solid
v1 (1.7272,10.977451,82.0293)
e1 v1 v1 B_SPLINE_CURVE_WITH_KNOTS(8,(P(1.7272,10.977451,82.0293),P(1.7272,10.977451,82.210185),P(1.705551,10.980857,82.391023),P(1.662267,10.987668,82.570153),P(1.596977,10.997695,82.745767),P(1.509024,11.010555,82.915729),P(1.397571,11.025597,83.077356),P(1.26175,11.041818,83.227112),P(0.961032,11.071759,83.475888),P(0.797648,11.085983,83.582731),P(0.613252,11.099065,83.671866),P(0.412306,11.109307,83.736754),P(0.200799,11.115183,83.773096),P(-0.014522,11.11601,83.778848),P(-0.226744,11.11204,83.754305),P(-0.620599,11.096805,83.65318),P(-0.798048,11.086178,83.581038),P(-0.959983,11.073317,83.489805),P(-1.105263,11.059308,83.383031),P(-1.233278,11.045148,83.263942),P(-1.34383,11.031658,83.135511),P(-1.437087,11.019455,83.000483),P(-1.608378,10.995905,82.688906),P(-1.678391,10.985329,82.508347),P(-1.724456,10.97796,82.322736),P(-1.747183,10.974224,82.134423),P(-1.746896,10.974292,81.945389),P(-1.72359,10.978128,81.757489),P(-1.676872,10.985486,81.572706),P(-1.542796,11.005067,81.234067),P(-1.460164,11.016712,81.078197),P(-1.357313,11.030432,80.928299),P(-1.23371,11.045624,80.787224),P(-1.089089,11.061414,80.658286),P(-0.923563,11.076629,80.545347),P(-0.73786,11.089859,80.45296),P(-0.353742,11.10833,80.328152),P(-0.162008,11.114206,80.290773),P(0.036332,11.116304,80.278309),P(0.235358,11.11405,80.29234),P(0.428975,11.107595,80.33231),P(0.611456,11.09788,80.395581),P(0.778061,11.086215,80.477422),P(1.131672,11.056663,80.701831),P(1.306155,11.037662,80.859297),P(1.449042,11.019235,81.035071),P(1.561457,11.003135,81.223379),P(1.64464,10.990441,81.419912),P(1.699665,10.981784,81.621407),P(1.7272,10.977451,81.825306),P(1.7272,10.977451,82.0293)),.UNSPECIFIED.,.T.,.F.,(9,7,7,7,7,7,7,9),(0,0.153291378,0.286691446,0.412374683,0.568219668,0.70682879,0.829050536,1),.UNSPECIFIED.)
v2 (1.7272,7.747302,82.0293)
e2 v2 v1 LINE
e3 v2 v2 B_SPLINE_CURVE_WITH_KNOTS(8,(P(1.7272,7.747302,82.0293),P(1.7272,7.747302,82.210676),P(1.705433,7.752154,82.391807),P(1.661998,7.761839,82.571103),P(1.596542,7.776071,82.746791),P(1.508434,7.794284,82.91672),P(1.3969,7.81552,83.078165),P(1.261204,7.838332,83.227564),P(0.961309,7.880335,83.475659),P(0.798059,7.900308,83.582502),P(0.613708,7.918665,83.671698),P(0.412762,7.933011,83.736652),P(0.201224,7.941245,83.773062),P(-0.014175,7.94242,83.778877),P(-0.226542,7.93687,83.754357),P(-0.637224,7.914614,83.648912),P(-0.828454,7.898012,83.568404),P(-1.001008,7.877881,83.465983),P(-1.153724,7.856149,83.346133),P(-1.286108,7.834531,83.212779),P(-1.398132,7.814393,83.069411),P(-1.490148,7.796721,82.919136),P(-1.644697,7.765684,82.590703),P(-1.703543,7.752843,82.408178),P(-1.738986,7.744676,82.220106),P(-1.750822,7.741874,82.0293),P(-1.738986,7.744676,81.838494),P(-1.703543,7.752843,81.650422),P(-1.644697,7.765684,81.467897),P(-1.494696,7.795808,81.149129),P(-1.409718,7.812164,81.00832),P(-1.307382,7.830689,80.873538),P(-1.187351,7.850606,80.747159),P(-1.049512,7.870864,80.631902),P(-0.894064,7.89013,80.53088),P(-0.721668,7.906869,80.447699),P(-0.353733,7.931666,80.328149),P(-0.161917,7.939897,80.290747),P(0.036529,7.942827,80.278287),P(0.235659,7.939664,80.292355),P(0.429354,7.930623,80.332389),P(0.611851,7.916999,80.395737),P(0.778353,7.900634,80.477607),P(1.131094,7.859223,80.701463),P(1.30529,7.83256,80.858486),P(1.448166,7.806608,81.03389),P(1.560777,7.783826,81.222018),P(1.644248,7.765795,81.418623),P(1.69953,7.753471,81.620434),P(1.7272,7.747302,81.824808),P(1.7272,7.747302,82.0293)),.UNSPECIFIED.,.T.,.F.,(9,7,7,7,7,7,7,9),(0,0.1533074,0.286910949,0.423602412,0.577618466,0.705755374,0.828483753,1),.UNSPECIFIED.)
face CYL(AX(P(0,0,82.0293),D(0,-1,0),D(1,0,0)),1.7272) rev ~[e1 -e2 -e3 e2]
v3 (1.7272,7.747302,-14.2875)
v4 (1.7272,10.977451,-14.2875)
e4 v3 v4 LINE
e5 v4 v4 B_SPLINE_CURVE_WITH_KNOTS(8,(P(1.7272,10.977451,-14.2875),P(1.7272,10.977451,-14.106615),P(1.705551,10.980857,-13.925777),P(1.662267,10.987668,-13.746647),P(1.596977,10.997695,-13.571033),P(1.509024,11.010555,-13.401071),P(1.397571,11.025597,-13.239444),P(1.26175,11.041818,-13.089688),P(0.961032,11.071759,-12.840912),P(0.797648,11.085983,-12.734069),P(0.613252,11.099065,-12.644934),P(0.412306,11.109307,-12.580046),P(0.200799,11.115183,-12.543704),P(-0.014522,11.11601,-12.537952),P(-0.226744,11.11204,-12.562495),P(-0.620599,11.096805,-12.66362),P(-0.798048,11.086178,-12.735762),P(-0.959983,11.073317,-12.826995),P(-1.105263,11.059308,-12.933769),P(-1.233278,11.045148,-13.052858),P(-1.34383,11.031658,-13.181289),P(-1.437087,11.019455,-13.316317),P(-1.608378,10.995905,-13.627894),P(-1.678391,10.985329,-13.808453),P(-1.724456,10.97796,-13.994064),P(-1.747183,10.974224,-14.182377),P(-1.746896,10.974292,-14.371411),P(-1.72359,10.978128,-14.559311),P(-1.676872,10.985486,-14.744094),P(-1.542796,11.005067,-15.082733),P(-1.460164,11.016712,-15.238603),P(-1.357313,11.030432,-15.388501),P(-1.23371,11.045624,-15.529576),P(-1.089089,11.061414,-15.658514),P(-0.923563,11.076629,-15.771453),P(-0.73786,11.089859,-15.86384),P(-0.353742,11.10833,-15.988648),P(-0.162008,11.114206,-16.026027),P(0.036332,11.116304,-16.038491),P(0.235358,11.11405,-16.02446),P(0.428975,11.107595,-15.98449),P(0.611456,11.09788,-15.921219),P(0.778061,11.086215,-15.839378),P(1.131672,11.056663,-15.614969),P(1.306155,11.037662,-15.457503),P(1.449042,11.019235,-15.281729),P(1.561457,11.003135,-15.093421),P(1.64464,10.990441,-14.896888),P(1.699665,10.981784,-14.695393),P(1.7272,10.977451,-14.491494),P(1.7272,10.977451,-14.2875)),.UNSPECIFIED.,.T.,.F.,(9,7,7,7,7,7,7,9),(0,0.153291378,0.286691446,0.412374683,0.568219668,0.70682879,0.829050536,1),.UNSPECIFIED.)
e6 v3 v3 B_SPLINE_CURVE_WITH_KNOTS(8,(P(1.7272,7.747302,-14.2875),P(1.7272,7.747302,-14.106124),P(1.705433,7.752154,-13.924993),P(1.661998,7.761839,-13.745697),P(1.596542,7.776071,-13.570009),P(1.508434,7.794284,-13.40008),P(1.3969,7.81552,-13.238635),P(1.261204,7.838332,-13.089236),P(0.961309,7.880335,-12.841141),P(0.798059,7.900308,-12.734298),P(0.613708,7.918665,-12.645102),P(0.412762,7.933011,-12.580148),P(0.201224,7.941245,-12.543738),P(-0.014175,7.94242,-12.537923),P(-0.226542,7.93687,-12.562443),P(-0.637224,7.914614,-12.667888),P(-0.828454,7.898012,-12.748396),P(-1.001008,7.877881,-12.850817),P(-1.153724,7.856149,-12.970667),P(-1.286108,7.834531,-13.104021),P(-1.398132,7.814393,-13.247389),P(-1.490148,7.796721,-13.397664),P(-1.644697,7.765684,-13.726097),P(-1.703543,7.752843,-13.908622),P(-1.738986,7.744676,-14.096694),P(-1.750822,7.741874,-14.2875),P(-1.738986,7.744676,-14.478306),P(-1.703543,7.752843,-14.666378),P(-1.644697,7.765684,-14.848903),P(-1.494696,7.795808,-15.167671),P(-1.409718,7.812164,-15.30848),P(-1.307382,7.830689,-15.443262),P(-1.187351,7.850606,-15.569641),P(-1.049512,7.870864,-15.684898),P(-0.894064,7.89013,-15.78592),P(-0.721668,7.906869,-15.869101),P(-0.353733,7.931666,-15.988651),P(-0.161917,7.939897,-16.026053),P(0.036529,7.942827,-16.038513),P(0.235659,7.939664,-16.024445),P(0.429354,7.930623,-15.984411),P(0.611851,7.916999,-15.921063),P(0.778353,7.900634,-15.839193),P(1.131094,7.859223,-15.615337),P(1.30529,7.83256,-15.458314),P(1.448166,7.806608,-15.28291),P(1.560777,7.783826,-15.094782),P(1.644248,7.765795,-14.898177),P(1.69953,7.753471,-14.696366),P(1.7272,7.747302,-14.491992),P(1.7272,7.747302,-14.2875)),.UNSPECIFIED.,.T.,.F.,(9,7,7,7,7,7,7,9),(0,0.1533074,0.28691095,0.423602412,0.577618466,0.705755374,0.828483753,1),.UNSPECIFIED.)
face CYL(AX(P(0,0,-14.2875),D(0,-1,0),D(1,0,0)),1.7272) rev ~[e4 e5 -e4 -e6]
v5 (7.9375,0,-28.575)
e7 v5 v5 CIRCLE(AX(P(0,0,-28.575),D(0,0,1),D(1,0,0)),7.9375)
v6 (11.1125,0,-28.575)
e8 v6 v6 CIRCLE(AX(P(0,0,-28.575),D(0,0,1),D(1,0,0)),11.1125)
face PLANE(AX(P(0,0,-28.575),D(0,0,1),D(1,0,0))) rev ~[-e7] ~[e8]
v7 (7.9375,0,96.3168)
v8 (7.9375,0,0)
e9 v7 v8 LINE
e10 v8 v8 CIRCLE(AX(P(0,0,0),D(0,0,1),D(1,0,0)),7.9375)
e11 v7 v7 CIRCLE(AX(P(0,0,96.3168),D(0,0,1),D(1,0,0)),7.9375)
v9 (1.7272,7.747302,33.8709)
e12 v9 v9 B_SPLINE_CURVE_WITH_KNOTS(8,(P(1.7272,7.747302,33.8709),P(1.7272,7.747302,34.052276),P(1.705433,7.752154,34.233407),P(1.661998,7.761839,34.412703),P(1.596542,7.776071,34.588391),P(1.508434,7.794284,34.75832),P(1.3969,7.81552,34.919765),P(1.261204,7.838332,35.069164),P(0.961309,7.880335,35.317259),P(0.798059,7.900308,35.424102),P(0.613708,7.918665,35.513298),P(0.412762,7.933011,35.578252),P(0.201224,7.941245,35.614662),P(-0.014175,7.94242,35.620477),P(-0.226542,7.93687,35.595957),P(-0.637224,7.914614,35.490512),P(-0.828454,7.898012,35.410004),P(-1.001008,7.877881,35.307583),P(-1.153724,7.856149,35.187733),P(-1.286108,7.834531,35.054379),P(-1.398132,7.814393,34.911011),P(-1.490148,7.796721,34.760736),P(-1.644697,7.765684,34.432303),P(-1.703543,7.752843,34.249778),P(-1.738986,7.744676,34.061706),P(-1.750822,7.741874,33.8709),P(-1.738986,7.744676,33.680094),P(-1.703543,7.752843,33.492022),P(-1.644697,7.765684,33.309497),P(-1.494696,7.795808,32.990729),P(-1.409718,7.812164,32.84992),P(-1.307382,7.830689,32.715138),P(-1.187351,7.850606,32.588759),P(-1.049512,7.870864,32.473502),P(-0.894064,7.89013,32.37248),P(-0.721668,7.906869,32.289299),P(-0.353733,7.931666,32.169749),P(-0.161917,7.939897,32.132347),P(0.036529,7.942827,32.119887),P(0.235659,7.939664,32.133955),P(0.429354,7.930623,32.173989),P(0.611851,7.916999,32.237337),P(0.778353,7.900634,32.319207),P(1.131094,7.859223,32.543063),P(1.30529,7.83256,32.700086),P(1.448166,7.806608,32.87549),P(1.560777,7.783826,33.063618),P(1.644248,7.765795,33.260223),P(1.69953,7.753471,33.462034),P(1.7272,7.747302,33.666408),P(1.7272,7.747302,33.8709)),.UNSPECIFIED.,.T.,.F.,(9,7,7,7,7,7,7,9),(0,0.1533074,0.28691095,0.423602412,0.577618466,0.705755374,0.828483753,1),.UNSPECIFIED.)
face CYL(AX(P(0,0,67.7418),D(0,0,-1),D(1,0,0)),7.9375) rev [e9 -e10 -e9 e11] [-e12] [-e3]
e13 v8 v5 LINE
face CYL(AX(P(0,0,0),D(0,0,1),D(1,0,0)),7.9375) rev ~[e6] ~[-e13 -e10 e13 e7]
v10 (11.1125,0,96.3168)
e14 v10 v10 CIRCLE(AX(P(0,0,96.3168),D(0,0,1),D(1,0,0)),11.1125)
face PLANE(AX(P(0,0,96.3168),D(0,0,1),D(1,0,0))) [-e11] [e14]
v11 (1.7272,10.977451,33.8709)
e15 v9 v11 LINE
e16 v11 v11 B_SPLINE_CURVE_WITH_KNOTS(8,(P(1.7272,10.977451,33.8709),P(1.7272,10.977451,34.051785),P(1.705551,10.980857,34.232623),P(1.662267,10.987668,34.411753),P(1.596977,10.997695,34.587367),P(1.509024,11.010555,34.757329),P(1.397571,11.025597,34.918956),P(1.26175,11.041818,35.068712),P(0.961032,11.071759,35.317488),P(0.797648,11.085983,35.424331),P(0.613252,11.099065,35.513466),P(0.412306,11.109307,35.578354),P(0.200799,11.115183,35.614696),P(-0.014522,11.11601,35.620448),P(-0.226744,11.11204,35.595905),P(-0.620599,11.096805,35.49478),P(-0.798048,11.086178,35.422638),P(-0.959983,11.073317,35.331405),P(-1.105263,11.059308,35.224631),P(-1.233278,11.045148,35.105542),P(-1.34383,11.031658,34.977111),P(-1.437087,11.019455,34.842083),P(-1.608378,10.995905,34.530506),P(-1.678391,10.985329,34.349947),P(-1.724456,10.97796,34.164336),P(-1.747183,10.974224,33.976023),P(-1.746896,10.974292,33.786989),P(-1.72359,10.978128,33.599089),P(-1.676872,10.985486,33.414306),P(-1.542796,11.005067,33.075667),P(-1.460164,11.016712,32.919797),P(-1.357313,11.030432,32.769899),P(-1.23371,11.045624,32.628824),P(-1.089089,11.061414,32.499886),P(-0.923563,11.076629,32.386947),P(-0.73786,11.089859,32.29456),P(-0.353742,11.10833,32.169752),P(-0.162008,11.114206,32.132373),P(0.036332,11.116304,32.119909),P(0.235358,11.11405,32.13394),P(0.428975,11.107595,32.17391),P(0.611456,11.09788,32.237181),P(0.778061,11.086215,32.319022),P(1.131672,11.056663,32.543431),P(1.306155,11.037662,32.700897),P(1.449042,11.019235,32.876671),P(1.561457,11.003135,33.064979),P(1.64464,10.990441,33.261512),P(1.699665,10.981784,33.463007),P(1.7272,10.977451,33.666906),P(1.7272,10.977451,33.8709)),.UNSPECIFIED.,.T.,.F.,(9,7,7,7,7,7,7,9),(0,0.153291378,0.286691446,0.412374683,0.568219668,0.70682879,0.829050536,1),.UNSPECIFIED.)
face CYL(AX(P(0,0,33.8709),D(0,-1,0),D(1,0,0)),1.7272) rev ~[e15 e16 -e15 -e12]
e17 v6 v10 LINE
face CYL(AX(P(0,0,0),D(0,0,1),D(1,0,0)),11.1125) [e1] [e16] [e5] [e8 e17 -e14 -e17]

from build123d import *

# Parameters (mm, degrees)
F0_R     = 11.1125
F0_R_2   = 7.9375
F1_DEPTH = 67.7418
F2_DEPTH = 28.575
F3_DEPTH = 28.575
F4_R     = 1.7272
F5_DEPTH = 12.1125001


with BuildPart() as f1:
    # F0 (on Top) → F1 (new body)
    with BuildSketch(Plane.XY):
        Circle(F0_R)
        Circle(F0_R_2, mode=Mode.SUBTRACT)
    extrude(amount=F1_DEPTH)

    # F2 (add): a face of the model
    f2_faces = [f1.faces().sort_by_distance(p)[0] for p in [
        (-10.7981910358, 0, 67.7418),
    ]]
    extrude(f2_faces, amount=F2_DEPTH)

    # F3 (add): a face of the model
    f3_faces = [f1.faces().sort_by_distance(p)[0] for p in [
        (-10.7981910358, 0, 0),
    ]]
    extrude(f3_faces, amount=F3_DEPTH)

    # F4 (on Front) → F5 (cut, up to face)
    with BuildSketch(Plane.XZ):
        with Locations((0, 33.8709)):
            Circle(F4_R)
        with Locations((0, 82.0293)):
            Circle(F4_R)
        with Locations((0, -14.2875)):
            Circle(F4_R)
    extrude(amount=-F5_DEPTH, mode=Mode.SUBTRACT)


solid = f1.part
